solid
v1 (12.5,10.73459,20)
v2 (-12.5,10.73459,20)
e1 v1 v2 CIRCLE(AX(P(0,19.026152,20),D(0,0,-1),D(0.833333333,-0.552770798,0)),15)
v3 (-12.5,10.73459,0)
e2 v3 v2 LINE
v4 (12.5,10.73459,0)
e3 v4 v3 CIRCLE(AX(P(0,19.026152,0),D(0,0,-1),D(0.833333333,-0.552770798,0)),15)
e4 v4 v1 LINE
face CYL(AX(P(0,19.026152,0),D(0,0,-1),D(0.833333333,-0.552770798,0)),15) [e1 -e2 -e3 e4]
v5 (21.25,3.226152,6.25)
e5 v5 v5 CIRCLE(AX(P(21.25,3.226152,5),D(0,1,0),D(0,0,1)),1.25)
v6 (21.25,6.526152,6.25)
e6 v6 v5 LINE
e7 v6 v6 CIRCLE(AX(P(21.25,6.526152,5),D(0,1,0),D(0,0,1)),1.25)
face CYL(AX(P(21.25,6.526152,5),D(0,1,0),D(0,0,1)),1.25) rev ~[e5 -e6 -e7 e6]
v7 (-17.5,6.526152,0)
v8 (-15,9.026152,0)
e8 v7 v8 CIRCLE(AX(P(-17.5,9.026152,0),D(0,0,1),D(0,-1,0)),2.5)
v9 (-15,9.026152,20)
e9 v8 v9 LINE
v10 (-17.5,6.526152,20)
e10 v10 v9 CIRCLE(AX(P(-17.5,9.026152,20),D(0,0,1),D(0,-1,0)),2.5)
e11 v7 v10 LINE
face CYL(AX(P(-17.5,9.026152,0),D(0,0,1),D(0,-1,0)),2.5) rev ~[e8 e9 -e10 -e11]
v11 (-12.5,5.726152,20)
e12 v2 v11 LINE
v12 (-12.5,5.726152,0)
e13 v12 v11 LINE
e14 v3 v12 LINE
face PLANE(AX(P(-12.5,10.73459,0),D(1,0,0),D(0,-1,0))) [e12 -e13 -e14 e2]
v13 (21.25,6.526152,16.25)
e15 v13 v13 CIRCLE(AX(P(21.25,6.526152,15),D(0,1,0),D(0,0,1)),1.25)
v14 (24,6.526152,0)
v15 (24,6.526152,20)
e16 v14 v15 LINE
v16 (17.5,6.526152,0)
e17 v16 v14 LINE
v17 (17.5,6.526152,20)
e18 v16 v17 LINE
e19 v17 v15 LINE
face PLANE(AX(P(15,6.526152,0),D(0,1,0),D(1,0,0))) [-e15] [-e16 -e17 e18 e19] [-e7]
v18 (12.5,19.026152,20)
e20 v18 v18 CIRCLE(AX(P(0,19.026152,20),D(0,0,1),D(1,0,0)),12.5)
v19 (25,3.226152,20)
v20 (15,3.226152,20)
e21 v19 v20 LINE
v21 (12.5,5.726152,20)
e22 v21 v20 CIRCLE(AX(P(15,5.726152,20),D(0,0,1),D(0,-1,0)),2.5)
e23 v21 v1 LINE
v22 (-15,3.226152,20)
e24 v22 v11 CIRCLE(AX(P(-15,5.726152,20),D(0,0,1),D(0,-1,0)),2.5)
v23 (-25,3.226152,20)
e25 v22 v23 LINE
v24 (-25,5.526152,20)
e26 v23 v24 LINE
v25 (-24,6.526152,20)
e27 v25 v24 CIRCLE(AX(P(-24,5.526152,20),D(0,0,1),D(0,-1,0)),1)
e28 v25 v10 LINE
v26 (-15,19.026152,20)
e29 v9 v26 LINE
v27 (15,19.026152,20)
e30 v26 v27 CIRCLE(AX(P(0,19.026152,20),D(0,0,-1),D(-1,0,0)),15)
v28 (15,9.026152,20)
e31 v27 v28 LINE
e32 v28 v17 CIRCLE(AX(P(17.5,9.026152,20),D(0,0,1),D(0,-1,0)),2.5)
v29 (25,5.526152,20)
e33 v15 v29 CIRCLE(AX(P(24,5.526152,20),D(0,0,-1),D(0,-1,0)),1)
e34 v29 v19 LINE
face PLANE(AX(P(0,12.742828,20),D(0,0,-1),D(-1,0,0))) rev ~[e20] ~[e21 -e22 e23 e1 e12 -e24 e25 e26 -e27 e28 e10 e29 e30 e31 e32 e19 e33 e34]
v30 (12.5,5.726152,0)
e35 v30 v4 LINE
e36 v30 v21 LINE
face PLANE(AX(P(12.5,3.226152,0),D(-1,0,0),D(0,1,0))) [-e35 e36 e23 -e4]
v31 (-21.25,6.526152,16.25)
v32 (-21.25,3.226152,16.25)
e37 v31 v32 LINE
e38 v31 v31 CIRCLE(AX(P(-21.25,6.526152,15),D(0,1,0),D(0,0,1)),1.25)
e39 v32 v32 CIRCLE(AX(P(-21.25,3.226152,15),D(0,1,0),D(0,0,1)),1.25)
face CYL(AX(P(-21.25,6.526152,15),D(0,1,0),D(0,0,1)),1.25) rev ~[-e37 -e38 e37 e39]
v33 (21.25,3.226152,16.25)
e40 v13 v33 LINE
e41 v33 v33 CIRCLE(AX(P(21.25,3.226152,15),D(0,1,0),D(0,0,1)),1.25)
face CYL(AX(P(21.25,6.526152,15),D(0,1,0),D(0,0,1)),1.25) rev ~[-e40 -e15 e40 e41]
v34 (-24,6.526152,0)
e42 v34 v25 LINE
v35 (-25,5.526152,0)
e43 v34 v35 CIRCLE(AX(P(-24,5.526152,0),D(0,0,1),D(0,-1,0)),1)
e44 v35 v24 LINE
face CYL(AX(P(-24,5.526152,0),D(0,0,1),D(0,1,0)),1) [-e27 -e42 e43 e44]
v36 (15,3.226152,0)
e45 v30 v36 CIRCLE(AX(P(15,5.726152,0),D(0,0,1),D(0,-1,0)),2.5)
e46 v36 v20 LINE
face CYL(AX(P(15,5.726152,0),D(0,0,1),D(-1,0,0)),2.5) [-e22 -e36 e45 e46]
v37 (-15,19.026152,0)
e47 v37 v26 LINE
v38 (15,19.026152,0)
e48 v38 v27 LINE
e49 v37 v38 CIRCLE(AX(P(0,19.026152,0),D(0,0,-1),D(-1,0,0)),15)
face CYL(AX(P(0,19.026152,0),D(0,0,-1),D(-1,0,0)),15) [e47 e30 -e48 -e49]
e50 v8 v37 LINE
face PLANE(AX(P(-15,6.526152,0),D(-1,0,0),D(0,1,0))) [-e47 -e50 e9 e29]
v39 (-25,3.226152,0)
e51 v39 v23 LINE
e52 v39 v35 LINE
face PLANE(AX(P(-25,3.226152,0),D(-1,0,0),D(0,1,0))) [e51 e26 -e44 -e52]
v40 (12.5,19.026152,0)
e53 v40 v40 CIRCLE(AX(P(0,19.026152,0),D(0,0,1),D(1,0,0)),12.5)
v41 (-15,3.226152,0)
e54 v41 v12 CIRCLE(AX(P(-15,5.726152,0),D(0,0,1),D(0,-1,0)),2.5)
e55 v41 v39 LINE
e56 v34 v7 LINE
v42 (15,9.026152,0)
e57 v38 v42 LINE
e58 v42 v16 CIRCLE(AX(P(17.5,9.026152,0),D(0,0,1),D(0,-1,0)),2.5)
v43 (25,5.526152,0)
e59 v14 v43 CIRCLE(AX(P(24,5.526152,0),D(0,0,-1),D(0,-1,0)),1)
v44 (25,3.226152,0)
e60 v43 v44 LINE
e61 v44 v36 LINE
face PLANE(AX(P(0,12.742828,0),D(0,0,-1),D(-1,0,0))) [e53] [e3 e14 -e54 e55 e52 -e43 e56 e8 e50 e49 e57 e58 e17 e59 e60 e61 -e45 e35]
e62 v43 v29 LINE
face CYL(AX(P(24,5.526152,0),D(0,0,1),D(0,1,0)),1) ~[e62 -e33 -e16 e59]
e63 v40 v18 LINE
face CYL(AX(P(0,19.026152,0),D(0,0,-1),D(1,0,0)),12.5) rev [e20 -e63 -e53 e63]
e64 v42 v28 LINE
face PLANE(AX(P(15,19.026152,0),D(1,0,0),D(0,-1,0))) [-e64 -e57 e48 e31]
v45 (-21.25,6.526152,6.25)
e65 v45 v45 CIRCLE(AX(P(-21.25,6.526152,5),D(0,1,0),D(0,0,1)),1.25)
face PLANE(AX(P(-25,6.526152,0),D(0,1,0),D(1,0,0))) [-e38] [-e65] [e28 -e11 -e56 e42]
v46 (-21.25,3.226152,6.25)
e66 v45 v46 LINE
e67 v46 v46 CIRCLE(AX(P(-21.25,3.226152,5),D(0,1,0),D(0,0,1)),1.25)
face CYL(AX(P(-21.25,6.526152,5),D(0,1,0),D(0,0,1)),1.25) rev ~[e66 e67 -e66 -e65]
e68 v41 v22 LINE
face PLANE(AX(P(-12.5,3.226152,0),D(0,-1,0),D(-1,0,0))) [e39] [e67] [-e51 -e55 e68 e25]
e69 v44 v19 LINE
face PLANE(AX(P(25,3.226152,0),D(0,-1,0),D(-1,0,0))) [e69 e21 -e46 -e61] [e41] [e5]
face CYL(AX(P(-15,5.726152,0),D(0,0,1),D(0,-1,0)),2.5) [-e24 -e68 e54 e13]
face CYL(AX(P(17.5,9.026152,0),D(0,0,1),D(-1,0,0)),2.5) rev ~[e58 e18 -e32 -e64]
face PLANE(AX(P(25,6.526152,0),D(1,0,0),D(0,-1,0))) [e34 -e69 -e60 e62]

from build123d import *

# Parameters (mm, degrees)
SKETCH1_R           = 12.5
BOSS_EXTRUDE1_DEPTH = 20
FILLET1_R           = 2.5
CUT_EXTRUDE1_REACH  = 44.205
SKETCH2_R           = 1.25
FILLET3_R           = 1
FILLET4_R           = 2.5


with BuildPart() as part:
    # Sketch1 → Boss-Extrude1 (new body)
    with BuildSketch(Plane.XY):
        with BuildLine():
            Line((-25, 6.526152156), (-15, 6.526152156))
            Line((-15, 6.526152156), (-15, 19.026152156))
            ThreePointArc((-15, 19.026152156), (0, 34.026152156), (15, 19.026152156))
            Line((15, 19.026152156), (15, 6.526152156))
            Line((15, 6.526152156), (25, 6.526152156))
            Line((25, 6.526152156), (25, 3.226152156))
            Line((25, 3.226152156), (12.5, 3.226152156))
            Line((12.5, 3.226152156), (12.5, 10.73459018))
            ThreePointArc((12.5, 10.73459018), (0, 4.026152156), (-12.5, 10.73459018))
            Line((-12.5, 10.73459018), (-12.5, 3.226152156))
            Line((-12.5, 3.226152156), (-25, 3.226152156))
            Line((-25, 3.226152156), (-25, 6.526152156))
        make_face()
        with Locations((0, 19.026152156)):
            Circle(SKETCH1_R, mode=Mode.SUBTRACT)
    extrude(amount=BOSS_EXTRUDE1_DEPTH)

    # Fillet1
    fillet1_edges = [part.edges().sort_by_distance(p)[0] for p in [
        (-15, 6.526152156, 10),
        (15, 6.526152156, 10),
    ]]
    fillet(fillet1_edges, radius=FILLET1_R)

    # Sketch2 → Cut-Extrude1 (cut, up to next)
    with BuildSketch(Plane(origin=(0, 6.526152156, 0), x_dir=(1, 0, 0), z_dir=(0, 1, 0)), mode=Mode.PRIVATE) as cut_extrude1_sk1:
        with Locations(Location((-21.25, -5, 0), (0, 0, 270))):
            Circle(SKETCH2_R)
    cut_extrude1_tool1 = extrude(cut_extrude1_sk1.sketch, amount=-CUT_EXTRUDE1_REACH, mode=Mode.PRIVATE) & part.part
    # Sketch2 → Cut-Extrude1 (cut, up to next)
    with BuildSketch(Plane(origin=(0, 6.526152156, 0), x_dir=(1, 0, 0), z_dir=(0, 1, 0)), mode=Mode.PRIVATE) as cut_extrude1_sk2:
        with Locations(Location((-21.25, -15, 0), (0, 0, 270))):
            Circle(SKETCH2_R)
    cut_extrude1_tool2 = extrude(cut_extrude1_sk2.sketch, amount=-CUT_EXTRUDE1_REACH, mode=Mode.PRIVATE) & part.part
    # Sketch2 → Cut-Extrude1 (cut, up to next)
    with BuildSketch(Plane(origin=(0, 6.526152156, 0), x_dir=(1, 0, 0), z_dir=(0, 1, 0)), mode=Mode.PRIVATE) as cut_extrude1_sk3:
        with Locations(Location((21.25, -5, 0), (0, 0, 270))):
            Circle(SKETCH2_R)
    cut_extrude1_tool3 = extrude(cut_extrude1_sk3.sketch, amount=-CUT_EXTRUDE1_REACH, mode=Mode.PRIVATE) & part.part
    # Sketch2 → Cut-Extrude1 (cut, up to next)
    with BuildSketch(Plane(origin=(0, 6.526152156, 0), x_dir=(1, 0, 0), z_dir=(0, 1, 0)), mode=Mode.PRIVATE) as cut_extrude1_sk4:
        with Locations(Location((21.25, -15, 0), (0, 0, 270))):
            Circle(SKETCH2_R)
    cut_extrude1_tool4 = extrude(cut_extrude1_sk4.sketch, amount=-CUT_EXTRUDE1_REACH, mode=Mode.PRIVATE) & part.part
    add(cut_extrude1_tool1.solids().sort_by_distance((-21.25, 6.526152, 5))[0], mode=Mode.SUBTRACT)
    add(cut_extrude1_tool2.solids().sort_by_distance((-21.25, 6.526152, 15))[0], mode=Mode.SUBTRACT)
    add(cut_extrude1_tool3.solids().sort_by_distance((21.25, 6.526152, 5))[0], mode=Mode.SUBTRACT)
    add(cut_extrude1_tool4.solids().sort_by_distance((21.25, 6.526152, 15))[0], mode=Mode.SUBTRACT)

    # Fillet3
    fillet3_edges = [part.edges().sort_by_distance(p)[0] for p in [
        (-25, 6.526152156, 10),
        (25, 6.526152156, 10),
    ]]
    fillet(fillet3_edges, radius=FILLET3_R)

    # Fillet4
    fillet4_edges = [part.edges().sort_by_distance(p)[0] for p in [
        (-12.5, 3.226152156, 10),
        (12.5, 3.226152156, 10),
    ]]
    fillet(fillet4_edges, radius=FILLET4_R)


solid = part.part
